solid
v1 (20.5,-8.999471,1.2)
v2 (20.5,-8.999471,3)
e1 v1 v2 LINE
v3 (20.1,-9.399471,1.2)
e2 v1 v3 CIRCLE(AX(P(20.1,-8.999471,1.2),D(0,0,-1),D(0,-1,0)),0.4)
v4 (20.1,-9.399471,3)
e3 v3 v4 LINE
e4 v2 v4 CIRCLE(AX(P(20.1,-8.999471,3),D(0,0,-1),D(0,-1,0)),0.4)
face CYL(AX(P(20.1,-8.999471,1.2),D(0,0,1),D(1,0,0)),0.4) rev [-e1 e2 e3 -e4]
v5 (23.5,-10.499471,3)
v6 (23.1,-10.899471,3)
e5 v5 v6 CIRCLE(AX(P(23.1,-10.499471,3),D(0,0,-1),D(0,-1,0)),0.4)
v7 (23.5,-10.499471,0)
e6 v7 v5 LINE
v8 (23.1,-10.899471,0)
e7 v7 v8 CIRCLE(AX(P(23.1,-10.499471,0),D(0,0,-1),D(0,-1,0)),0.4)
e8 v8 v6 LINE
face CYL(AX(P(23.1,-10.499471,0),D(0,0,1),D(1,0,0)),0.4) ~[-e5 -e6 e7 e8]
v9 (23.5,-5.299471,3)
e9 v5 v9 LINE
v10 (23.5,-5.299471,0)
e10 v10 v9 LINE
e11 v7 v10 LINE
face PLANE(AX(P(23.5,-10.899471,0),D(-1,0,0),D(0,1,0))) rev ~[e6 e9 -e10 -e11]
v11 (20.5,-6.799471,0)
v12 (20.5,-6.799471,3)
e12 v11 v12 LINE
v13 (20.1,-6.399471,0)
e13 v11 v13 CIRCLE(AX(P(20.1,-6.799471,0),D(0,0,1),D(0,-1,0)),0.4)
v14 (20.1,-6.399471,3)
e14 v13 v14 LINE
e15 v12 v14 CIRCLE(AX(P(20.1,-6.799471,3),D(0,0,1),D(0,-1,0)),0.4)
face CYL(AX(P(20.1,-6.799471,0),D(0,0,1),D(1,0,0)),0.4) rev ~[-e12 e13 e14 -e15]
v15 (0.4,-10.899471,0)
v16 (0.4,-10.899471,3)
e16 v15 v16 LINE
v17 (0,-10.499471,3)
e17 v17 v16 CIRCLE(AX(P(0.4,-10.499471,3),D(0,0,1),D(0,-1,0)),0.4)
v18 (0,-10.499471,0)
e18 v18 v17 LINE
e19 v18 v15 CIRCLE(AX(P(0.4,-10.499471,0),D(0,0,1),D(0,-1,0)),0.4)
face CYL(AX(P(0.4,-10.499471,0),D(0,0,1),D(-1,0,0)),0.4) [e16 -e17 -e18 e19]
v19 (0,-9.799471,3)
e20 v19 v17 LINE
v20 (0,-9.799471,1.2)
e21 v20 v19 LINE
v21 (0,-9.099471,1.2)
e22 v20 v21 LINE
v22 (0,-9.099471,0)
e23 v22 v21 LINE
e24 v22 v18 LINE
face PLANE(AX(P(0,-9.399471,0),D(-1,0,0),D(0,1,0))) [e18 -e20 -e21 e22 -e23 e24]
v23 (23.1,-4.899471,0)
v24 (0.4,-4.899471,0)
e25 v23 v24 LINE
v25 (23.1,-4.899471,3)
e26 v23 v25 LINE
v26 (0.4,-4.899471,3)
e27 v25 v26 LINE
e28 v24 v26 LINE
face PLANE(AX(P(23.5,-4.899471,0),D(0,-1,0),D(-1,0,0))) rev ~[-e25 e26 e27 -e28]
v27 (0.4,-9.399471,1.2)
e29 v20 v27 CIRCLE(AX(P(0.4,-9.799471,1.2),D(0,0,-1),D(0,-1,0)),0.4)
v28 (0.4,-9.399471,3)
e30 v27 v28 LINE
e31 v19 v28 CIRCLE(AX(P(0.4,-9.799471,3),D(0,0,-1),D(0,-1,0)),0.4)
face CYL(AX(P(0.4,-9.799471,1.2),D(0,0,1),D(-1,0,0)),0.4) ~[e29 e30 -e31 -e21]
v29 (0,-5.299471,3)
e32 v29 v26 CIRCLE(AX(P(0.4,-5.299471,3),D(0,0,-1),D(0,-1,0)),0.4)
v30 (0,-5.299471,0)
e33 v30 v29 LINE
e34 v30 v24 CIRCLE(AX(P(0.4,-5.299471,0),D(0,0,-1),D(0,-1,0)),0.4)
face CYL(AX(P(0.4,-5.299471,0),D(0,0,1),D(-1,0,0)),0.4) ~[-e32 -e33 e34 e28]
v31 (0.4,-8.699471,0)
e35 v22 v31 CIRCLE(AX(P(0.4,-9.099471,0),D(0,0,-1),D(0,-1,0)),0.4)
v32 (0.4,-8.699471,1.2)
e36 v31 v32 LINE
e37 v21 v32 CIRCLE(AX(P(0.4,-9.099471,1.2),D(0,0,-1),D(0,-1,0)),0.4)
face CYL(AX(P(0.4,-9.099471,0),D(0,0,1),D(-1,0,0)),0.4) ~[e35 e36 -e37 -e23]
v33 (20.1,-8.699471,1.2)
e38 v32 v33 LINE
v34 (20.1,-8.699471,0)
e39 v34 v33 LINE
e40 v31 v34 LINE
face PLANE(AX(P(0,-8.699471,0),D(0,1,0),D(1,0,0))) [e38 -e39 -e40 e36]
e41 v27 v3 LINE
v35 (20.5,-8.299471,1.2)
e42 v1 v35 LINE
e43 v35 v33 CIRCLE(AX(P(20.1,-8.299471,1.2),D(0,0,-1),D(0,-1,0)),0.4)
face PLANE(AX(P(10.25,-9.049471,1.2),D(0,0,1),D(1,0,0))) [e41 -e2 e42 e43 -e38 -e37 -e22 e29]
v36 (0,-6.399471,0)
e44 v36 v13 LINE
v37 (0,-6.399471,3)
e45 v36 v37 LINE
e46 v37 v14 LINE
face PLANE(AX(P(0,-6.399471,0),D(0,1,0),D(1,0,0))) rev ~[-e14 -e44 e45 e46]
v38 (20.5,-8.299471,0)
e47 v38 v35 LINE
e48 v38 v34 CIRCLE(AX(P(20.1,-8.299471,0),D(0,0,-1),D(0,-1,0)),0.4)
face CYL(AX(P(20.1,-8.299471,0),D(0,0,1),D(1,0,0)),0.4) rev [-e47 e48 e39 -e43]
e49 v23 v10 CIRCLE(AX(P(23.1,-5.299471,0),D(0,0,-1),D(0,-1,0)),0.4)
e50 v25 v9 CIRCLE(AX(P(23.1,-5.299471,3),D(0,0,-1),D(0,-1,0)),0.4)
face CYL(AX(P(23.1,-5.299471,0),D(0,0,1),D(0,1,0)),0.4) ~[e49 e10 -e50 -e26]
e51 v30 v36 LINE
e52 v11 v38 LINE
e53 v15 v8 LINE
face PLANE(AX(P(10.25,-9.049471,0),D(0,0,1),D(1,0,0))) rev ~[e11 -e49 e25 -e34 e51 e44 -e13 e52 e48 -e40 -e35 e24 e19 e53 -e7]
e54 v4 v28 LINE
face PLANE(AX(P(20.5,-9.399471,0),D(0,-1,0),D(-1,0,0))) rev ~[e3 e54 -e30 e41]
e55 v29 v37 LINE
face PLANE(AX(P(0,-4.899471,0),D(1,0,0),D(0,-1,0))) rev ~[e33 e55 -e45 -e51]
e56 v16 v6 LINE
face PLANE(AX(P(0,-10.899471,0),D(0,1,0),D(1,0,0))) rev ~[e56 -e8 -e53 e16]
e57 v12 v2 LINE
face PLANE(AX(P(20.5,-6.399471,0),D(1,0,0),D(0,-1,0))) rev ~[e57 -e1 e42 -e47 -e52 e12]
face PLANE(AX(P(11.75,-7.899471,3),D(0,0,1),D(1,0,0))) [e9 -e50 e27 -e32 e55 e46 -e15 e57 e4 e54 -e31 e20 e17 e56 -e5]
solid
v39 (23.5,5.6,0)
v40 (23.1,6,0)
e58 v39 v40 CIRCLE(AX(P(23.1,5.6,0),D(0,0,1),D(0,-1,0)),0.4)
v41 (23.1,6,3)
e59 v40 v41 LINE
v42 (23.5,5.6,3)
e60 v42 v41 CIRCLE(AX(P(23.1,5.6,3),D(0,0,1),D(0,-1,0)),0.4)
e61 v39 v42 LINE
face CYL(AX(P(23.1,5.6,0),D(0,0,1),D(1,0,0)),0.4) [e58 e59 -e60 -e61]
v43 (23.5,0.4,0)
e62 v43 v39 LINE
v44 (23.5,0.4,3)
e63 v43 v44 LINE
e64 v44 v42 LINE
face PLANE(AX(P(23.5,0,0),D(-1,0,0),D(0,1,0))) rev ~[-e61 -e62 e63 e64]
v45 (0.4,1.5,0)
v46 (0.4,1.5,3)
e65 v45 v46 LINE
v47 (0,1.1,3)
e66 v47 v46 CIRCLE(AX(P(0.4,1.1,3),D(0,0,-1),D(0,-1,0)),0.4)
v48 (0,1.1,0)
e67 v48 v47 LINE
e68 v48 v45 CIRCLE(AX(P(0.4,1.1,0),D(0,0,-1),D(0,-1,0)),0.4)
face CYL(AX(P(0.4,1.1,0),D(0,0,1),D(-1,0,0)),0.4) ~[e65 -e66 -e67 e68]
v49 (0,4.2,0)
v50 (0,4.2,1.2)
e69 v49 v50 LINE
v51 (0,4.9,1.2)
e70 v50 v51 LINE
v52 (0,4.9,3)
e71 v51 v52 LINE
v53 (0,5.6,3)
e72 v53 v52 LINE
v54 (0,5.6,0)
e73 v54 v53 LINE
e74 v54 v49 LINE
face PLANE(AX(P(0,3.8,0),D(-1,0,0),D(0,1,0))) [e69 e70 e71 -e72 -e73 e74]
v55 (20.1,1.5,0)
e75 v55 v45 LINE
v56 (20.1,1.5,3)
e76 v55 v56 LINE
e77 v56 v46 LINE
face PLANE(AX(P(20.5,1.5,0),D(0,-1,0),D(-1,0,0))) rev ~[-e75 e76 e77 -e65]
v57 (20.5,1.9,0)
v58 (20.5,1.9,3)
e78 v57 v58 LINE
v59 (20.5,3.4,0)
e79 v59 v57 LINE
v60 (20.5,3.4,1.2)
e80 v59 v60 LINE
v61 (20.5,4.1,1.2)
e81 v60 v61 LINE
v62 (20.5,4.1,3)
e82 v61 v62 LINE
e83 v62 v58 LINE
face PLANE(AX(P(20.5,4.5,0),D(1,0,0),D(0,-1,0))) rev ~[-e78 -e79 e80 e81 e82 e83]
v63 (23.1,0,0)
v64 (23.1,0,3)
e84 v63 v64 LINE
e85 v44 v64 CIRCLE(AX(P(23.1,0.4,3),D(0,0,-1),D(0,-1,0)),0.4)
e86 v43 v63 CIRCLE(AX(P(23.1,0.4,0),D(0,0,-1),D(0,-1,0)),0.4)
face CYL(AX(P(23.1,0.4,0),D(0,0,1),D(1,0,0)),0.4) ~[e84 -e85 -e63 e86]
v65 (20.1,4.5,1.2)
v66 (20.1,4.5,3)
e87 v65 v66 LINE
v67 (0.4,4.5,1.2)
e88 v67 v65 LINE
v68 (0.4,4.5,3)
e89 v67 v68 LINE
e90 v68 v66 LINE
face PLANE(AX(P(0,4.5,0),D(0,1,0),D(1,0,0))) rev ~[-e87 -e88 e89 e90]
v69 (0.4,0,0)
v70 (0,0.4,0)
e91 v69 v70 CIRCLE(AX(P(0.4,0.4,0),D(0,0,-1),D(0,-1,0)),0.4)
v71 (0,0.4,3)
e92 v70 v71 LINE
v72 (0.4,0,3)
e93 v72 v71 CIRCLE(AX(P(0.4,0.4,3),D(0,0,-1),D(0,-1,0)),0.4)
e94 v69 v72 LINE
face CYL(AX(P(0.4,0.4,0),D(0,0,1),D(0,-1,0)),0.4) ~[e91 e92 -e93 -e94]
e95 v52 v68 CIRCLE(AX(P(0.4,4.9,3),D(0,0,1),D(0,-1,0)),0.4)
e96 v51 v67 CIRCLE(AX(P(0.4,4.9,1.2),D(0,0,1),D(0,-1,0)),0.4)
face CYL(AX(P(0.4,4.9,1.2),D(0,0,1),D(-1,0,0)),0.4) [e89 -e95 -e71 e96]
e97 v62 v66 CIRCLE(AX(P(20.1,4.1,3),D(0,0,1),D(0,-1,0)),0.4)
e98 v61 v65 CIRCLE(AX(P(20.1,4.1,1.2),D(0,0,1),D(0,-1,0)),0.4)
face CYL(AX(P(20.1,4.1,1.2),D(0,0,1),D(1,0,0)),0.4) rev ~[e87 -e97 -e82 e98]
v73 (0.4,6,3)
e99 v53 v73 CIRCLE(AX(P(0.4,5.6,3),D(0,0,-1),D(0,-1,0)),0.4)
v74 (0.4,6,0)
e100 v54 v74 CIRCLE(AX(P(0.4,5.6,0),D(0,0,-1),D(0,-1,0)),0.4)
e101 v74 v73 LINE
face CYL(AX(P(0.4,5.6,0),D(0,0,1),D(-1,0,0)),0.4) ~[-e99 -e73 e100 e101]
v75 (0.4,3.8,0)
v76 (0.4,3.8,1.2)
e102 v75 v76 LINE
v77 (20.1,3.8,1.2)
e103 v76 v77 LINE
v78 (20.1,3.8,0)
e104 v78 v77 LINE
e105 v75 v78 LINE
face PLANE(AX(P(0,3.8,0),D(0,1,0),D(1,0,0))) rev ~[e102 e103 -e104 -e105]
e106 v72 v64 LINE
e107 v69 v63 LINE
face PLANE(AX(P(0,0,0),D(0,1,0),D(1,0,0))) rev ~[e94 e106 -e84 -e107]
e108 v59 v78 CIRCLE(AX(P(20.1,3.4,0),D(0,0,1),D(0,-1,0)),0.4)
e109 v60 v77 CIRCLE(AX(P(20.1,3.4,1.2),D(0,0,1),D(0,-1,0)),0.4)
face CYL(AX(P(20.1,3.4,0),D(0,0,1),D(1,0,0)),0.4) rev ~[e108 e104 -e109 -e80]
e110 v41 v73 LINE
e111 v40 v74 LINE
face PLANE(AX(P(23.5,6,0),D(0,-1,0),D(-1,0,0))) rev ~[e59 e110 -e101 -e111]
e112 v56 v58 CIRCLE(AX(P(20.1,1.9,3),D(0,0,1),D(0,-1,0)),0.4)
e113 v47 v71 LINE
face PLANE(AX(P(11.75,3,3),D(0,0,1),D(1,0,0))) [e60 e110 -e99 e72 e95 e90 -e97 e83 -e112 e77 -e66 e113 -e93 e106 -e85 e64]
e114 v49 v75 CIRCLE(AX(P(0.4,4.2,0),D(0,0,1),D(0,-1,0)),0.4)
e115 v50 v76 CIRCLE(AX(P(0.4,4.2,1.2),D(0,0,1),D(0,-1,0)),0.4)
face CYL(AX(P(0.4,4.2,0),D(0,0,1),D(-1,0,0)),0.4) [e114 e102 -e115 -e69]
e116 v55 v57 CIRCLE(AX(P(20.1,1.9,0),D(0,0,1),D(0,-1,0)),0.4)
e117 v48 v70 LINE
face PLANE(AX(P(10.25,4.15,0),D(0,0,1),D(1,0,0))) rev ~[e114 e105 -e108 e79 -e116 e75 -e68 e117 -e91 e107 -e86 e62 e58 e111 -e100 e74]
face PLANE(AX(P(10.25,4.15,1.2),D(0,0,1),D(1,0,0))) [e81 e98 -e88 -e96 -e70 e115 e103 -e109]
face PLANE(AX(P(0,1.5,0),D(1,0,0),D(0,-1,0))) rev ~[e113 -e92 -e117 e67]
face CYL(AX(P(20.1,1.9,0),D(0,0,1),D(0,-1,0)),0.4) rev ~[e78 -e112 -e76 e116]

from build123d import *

# Parameters (mm, degrees)
BOSS_EXTRUDE1_DEPTH   = 3
BOSS_EXTRUDE1_2_DEPTH = 3
SKETCH2_4_W           = 20.5
SKETCH2_4_H           = 0.7
BOSS_EXTRUDE3_DEPTH   = 1.2
FILLET2_R             = 0.4
FILLET3_R             = 0.4


with BuildPart() as part:
    # Sketch2 → Boss-Extrude1 (new body)
    with BuildSketch(Plane.XY):
        Polygon((0, 1.5), (0, 0), (23.5, 0), (23.5, 6), (0, 6), (0, 4.5), (20.5, 4.5), (20.5, 1.5), align=None)
    extrude(amount=BOSS_EXTRUDE1_DEPTH)



with BuildPart() as body_2:
    # Sketch2 → Boss-Extrude1 2 (new body)
    with BuildSketch(Plane.XY):
        Polygon((20.5, -6.399471306), (20.5, -9.399471306), (0, -9.399471306), (0, -10.899471306), (23.5, -10.899471306), (23.5, -4.899471306), (0, -4.899471306), (0, -6.399471306), align=None)
    extrude(amount=BOSS_EXTRUDE1_2_DEPTH)


with BuildPart() as part_1:
    add(part.part)

    add(body_2.part)  # Boss-Extrude3 merges body 2
    # Sketch2<4> → Boss-Extrude3 (add)
    with BuildSketch(Plane.XY):
        with Locations((10.25, 4.15)):
            Rectangle(SKETCH2_4_W, SKETCH2_4_H)
        with Locations((10.25, -9.049471306)):
            Rectangle(SKETCH2_4_W, SKETCH2_4_H)
    extrude(amount=BOSS_EXTRUDE3_DEPTH)

    # Fillet2
    fillet2_edges = [part_1.edges().sort_by_distance(p)[0] for p in [
        (0, 4.5, 2.1),
        (20.5, 1.5, 1.5),
        (20.5, 3.8, 0.6),
        (20.5, 4.5, 2.1),
        (23.5, 6, 1.5),
        (23.5, 0, 1.5),
        (0, 0, 1.5),
        (0, 1.5, 1.5),
        (0, 3.8, 0.6),
        (0, 6, 1.5),
    ]]
    fillet(fillet2_edges, radius=FILLET2_R)

    # Fillet3
    fillet3_edges = [part_1.edges().sort_by_distance(p)[0] for p in [
        (23.5, -10.899471306, 1.5),
        (23.5, -4.899471306, 1.5),
        (20.5, -6.399471306, 1.5),
        (20.5, -9.399471306, 2.1),
        (20.5, -8.699471306, 0.6),
        (0, -10.899471306, 1.5),
        (0, -9.399471306, 2.1),
        (0, -8.699471306, 0.6),
        (0, -4.899471306, 1.5),
    ]]
    fillet(fillet3_edges, radius=FILLET3_R)


solid = part_1.part
